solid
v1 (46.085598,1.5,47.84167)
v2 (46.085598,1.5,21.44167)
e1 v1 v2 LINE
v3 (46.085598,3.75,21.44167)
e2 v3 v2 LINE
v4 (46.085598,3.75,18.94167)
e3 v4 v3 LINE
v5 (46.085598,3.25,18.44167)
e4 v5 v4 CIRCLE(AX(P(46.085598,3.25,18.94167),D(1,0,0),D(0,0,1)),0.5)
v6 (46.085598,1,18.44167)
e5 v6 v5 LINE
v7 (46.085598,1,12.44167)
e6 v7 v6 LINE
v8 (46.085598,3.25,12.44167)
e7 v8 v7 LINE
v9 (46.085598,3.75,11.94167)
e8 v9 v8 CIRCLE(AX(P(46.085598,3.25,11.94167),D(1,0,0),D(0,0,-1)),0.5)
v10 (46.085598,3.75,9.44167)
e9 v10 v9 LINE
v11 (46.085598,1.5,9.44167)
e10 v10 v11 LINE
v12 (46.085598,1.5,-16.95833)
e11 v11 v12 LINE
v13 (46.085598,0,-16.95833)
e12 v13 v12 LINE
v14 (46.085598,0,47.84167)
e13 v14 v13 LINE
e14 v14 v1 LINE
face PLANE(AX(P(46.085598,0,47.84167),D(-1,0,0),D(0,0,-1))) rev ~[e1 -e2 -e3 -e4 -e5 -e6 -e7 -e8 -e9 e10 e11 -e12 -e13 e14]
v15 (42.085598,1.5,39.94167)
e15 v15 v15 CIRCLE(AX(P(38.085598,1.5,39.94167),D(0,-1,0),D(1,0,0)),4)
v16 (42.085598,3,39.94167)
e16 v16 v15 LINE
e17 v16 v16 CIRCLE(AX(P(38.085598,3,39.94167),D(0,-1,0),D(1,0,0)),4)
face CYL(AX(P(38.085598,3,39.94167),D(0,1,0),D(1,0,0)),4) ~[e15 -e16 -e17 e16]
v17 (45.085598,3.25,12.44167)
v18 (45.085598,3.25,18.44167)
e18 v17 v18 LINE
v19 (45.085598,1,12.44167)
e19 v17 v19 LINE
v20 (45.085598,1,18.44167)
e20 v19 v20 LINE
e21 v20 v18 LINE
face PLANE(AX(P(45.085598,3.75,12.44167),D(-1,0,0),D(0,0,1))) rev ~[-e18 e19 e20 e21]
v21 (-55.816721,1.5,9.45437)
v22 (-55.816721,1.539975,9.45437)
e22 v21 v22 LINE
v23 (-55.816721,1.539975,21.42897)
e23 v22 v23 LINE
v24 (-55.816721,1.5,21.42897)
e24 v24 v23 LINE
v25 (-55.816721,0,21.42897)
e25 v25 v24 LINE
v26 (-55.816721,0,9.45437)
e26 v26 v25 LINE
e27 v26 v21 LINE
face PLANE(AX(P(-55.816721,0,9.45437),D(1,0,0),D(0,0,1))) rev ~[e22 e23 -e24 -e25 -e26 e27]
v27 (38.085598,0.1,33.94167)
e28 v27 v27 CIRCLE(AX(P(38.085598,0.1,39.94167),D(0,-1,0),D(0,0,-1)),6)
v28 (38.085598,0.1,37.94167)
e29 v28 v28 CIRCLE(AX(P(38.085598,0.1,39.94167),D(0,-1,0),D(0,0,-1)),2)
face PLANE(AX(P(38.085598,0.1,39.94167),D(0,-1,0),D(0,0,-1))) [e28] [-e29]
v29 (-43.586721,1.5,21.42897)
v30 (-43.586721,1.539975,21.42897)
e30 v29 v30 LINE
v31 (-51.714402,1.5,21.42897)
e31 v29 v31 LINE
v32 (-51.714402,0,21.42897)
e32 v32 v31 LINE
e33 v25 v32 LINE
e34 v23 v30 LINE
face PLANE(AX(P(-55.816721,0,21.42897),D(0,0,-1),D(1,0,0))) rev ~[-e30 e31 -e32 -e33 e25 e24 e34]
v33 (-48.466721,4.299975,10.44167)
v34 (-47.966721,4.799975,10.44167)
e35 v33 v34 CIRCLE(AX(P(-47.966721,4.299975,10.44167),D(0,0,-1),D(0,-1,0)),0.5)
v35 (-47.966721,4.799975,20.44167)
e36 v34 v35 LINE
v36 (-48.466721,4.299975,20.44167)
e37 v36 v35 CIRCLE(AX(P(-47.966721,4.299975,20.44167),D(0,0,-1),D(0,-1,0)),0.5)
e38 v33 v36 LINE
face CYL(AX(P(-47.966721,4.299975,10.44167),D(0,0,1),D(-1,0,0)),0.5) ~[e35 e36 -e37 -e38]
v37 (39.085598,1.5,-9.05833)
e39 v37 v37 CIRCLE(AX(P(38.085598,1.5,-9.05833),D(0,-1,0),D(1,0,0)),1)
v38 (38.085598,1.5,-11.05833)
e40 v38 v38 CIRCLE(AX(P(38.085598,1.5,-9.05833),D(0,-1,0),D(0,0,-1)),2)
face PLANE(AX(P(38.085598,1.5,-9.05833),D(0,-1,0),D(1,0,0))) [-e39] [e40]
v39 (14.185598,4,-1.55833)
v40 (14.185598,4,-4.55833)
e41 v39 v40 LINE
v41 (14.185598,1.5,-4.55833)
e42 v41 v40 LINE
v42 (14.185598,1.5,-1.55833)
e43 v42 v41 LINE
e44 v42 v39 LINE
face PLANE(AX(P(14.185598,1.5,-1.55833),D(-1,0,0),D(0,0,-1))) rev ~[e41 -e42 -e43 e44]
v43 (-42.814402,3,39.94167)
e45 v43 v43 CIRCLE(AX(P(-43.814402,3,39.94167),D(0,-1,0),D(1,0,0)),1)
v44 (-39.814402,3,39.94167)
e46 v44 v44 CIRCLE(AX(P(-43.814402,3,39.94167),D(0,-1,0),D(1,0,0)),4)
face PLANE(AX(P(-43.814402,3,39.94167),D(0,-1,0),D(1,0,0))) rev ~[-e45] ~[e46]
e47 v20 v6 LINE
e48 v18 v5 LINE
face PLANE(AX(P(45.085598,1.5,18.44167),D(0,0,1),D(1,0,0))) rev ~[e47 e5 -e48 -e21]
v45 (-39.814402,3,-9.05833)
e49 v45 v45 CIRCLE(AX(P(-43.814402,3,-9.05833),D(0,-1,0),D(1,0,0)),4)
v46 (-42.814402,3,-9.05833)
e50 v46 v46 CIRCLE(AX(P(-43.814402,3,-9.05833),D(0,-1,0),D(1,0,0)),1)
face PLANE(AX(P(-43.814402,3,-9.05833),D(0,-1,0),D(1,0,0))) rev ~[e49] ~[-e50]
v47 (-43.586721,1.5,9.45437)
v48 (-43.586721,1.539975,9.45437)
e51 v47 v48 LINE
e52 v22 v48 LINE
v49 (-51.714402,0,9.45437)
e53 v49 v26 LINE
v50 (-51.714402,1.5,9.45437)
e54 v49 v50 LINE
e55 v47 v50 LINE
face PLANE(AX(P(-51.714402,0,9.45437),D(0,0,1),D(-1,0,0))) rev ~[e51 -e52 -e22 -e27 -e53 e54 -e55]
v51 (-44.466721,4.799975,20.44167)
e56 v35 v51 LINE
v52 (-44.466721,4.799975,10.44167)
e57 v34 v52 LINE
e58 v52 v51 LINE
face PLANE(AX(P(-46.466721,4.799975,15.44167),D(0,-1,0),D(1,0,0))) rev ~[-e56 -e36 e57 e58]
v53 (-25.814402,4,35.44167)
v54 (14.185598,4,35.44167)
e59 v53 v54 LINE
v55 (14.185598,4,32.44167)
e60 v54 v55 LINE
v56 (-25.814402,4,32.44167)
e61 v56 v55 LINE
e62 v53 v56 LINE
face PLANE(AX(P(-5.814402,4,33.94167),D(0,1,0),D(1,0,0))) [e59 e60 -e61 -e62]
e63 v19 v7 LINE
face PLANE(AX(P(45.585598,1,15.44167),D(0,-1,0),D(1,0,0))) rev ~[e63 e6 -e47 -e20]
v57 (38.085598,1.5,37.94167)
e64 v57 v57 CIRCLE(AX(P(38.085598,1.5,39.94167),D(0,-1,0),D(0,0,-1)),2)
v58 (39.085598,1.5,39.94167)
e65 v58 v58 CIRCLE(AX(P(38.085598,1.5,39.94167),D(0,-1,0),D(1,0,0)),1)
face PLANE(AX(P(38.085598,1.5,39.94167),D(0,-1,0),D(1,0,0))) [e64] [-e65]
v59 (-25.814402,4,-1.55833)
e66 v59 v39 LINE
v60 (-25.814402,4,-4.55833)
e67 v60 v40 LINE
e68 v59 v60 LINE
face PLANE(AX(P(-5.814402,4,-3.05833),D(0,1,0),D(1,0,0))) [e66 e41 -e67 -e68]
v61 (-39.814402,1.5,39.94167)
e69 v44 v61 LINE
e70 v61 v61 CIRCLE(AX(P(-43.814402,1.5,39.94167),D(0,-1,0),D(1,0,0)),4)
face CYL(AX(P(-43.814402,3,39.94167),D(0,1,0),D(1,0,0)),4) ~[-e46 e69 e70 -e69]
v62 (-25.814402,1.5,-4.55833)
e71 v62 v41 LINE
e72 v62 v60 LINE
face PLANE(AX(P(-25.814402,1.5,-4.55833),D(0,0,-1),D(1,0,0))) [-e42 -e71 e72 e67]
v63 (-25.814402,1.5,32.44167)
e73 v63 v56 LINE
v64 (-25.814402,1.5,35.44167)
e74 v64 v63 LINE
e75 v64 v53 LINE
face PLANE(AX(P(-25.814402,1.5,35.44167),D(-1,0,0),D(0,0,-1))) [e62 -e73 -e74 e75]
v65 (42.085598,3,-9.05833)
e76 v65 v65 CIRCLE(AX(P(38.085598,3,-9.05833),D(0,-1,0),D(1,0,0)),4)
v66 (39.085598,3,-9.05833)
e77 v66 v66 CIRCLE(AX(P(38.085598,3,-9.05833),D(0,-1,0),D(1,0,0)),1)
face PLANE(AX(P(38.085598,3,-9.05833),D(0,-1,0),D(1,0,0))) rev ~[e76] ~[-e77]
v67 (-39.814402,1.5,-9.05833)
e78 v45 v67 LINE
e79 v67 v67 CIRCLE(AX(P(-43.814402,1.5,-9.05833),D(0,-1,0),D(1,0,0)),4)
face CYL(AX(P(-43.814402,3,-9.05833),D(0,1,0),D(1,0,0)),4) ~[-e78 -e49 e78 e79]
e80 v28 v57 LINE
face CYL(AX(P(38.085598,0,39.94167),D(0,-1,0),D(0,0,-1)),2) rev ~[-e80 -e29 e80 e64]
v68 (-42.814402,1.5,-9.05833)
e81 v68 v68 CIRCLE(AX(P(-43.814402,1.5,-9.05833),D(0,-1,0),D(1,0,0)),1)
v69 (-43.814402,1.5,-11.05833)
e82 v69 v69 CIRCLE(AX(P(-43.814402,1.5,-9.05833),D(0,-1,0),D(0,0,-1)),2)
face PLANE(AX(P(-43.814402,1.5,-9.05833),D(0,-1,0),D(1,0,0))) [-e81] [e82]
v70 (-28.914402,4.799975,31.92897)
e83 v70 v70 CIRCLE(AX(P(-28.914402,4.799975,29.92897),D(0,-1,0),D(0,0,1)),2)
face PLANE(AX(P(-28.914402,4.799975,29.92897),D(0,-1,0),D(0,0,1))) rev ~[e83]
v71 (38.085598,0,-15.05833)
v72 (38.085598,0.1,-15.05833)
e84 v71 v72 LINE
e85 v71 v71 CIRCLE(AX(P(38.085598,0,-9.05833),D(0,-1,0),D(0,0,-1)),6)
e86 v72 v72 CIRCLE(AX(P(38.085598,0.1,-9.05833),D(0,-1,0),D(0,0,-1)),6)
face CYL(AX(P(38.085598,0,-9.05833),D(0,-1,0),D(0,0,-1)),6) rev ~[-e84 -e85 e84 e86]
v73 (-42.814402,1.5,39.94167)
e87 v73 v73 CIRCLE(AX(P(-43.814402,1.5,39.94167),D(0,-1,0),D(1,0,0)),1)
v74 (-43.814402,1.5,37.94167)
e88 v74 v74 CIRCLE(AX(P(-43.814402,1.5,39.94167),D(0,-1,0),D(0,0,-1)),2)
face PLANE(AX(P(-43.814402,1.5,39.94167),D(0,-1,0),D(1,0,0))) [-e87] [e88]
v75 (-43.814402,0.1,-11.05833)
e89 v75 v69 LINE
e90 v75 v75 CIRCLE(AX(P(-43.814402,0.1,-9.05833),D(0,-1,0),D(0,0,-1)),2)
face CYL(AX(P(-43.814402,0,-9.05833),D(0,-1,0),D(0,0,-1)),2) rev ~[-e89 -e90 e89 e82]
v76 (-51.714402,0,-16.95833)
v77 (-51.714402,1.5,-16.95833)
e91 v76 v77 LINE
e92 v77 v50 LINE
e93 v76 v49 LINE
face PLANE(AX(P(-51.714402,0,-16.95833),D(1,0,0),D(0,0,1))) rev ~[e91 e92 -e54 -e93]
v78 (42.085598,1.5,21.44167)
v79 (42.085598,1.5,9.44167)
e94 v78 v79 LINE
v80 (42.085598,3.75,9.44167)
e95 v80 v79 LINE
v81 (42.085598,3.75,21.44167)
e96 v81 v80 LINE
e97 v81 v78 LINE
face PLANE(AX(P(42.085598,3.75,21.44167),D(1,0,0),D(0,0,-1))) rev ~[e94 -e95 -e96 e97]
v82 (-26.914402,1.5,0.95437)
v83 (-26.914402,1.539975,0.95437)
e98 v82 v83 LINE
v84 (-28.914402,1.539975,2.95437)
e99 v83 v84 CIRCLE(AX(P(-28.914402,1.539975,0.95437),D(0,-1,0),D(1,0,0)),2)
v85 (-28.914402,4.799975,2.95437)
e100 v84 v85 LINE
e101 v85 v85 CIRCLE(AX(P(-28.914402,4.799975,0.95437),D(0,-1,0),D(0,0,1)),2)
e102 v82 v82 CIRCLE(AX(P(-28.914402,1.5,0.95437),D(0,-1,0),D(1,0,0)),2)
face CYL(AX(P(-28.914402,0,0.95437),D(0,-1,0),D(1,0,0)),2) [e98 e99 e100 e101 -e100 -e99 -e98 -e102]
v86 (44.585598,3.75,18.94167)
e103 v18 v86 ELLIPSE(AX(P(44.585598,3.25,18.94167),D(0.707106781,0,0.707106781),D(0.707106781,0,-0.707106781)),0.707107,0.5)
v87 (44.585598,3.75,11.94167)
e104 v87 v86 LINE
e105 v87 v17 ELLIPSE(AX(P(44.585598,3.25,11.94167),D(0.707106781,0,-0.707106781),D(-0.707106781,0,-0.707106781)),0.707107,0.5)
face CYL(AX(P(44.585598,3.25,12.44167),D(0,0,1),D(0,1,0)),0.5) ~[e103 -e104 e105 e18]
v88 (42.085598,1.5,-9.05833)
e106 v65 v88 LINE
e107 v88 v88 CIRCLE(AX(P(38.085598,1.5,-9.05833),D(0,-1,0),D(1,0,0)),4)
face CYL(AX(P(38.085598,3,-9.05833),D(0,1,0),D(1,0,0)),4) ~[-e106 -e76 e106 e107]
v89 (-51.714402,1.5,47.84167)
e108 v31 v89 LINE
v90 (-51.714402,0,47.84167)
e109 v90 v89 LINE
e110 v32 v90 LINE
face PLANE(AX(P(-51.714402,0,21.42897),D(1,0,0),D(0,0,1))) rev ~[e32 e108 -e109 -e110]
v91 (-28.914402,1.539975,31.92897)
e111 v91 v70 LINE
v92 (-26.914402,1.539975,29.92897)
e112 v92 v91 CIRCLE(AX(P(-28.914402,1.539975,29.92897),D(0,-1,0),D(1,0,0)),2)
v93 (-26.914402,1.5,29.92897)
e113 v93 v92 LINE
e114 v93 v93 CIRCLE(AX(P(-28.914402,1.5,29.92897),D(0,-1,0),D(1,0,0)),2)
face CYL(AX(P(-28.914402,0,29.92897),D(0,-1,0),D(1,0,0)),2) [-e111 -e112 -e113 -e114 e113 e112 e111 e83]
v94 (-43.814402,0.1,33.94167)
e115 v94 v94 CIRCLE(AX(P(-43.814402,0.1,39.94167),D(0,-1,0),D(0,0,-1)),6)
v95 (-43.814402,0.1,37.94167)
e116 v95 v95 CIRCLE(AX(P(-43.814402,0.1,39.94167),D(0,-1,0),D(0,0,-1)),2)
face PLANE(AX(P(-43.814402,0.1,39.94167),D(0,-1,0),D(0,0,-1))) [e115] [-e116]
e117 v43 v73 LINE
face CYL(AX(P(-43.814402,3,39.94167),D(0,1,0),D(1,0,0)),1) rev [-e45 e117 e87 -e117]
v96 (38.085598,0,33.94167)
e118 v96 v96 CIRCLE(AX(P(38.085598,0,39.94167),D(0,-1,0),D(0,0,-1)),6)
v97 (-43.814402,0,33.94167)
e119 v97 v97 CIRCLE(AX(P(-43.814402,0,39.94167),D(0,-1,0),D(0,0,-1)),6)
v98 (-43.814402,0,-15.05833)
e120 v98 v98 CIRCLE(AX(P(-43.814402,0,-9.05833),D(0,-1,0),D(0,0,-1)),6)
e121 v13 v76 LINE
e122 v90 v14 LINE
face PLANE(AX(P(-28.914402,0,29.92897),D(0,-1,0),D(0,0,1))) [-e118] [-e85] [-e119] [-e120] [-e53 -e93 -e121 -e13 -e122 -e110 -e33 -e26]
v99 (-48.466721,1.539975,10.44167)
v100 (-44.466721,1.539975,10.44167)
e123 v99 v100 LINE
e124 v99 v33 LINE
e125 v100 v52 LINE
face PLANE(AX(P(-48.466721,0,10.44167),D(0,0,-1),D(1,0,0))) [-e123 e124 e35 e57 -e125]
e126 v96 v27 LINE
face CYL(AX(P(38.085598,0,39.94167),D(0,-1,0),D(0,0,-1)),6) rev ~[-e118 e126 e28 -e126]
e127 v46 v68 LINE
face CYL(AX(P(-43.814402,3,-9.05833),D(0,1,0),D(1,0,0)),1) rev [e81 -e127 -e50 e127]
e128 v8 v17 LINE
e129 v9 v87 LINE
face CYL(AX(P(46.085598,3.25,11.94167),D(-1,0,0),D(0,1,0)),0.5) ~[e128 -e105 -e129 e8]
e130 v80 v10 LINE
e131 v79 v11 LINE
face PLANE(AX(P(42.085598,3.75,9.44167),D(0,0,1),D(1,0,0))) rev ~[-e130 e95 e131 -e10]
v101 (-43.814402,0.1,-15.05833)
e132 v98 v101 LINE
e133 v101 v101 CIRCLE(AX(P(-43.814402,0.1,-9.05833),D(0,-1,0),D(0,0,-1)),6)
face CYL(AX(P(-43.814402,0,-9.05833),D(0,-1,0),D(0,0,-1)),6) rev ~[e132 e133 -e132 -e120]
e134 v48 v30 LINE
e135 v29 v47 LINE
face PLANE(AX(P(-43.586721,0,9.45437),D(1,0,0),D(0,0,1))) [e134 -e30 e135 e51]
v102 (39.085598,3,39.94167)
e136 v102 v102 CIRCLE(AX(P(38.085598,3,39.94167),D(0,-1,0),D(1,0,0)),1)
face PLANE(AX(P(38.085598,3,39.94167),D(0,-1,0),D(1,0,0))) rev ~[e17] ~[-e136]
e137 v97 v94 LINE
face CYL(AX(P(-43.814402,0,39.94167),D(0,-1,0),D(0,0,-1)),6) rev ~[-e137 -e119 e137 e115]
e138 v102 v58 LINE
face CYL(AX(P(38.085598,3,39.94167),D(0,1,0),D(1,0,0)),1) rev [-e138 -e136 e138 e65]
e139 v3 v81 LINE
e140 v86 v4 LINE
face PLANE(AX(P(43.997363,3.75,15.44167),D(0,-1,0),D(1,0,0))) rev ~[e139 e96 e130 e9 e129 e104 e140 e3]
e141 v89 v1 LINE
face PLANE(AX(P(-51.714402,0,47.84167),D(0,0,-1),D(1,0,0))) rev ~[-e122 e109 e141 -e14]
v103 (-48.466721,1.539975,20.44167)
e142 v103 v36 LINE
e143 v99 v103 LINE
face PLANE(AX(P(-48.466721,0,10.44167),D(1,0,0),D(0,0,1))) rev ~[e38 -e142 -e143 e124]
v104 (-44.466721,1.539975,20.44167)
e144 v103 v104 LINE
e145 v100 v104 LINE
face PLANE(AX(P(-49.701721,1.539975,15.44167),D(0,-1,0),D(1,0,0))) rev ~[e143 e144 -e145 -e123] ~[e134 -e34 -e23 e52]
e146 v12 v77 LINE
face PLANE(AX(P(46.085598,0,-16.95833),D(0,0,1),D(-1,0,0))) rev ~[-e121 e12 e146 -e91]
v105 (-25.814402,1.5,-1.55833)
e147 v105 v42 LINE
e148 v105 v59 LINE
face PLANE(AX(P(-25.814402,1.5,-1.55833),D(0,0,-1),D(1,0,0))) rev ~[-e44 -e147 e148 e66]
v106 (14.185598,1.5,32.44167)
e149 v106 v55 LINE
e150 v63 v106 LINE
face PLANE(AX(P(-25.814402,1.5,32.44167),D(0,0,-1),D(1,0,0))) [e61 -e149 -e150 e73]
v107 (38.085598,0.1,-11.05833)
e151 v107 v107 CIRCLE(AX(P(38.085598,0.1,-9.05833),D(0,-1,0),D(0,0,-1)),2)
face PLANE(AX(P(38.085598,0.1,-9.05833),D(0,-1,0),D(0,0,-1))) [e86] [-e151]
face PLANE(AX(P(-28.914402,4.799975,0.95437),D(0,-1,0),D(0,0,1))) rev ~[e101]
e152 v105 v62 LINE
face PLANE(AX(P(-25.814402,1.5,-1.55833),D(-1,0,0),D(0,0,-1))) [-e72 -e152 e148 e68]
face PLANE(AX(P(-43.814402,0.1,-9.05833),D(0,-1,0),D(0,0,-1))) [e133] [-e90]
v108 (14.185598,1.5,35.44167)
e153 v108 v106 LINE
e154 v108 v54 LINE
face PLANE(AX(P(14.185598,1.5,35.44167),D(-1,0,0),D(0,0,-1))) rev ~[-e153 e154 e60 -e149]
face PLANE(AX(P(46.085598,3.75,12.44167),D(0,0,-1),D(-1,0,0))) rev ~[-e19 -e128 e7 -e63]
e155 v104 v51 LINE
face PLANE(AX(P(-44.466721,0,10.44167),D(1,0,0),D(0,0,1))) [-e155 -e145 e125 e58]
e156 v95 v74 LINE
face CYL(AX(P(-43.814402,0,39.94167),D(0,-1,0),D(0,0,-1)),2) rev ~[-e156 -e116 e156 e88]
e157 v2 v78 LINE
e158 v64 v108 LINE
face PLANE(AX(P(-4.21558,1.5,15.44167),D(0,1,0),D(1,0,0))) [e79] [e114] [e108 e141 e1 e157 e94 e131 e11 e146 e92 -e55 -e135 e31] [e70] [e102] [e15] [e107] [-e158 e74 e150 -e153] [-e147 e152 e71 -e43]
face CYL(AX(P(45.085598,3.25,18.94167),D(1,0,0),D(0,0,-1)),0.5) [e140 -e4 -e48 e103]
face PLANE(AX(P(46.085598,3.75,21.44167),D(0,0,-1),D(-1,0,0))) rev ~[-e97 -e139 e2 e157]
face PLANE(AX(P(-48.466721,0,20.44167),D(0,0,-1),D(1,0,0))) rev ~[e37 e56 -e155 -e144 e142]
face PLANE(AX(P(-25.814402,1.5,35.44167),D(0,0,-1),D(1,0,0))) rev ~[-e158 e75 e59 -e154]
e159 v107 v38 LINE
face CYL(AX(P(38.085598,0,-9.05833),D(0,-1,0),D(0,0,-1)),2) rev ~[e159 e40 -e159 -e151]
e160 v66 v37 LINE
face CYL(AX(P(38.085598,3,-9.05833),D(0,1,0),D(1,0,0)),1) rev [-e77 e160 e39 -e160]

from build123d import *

# Parameters (mm, degrees)
EXTRUDE_1_DEPTH       = 1.5
SKETCH_2_R            = 6
CUT_EXTRUDE_1_DEPTH   = 0.1
SKETCH_11_R           = 2
SKETCH_11_W           = 12.230000073
SKETCH_11_H           = 11.974599949
EXTRUDE_5_DEPTH       = 1.539974634
SKETCH_13_R           = 2
SKETCH_13_W           = 4
SKETCH_13_H           = 10
TYPEC_2_DEPTH         = 4.7999746
LED_3_START           = -3.75
LED_3_DEPTH           = 2.25
LED_1_R               = 0.5
CUT_EXTRUDE_2_REACH   = 75.671
SKETCH_15_R           = 2
EXTRUDE_START         = -3
SKETCH_16_R           = 4
SKETCH_16_R_2         = 1
EXTRUDE_4_DEPTH       = 1.5
CUT_EXTRUDE_START     = -1.5
SKETCH_17_W           = 1
SKETCH_17_H           = 6
CUT_EXTRUDE_2_2_DEPTH = 0.5
SKETCH_18_W           = 40
SKETCH_18_H           = 3
EXTRUDE_2_DEPTH       = 2.5


with BuildPart() as part:
    # 草图1 → 凸台-拉伸1 (new body)
    with BuildSketch(Plane(origin=(0, 0, 0), x_dir=(1, 0, 0), z_dir=(0, 1, 0))):
        Polygon((-51.714401712, -9.454370264), (-55.816720774, -9.454370264), (-55.816720774, -21.428970213), (-51.714401712, -21.428970213), (-51.714401712, -47.841670238), (46.085598288, -47.841670238), (46.085598288, 16.958329762), (-51.714401712, 16.958329762), align=None)
    extrude(amount=EXTRUDE_1_DEPTH)

    # 草图2 → 切除-拉伸1 (cut)
    with BuildSketch(Plane.XZ):
        with Locations(Location((-43.814401712, -9.058329762, 0), (0, 0, 270))):
            Circle(SKETCH_2_R)
        with Locations(Location((-43.814401712, 39.941670238, 0), (0, 0, 270))):
            Circle(SKETCH_2_R)
        with Locations(Location((38.085598288, -9.058329762, 0), (0, 0, 270))):
            Circle(SKETCH_2_R)
        with Locations(Location((38.085598288, 39.941670238, 0), (0, 0, 270))):
            Circle(SKETCH_2_R)
    extrude(amount=-CUT_EXTRUDE_1_DEPTH, mode=Mode.SUBTRACT)

    # 草图11 → 充电板档板凸台-拉伸5 (add)
    with BuildSketch(Plane.XZ):
        with Locations((-28.914401712, 29.928970213)):
            Circle(SKETCH_11_R)
        with Locations((-28.914401712, 0.954370264)):
            Circle(SKETCH_11_R)
        with Locations((-49.701720738, 15.441670239)):
            Rectangle(SKETCH_11_W, SKETCH_11_H)
    extrude(amount=-EXTRUDE_5_DEPTH)

    # 草图13 → TypeC支撑凸台-拉伸2 (add)
    with BuildSketch(Plane.XZ):
        with Locations(Location((-28.914401712, 29.928970213, 0), (0, 0, 90))):
            Circle(SKETCH_13_R)
        with Locations(Location((-28.914401712, 0.954370264, 0), (0, 0, 90))):
            Circle(SKETCH_13_R)
        with Locations((-46.466720701, 15.441670238)):
            Rectangle(SKETCH_13_W, SKETCH_13_H)
    extrude(amount=-TYPEC_2_DEPTH)

    # 草图14 → LED限位凸台-拉伸3 (add)
    with BuildSketch(Plane.XZ.offset(LED_3_START)):
        Polygon((45.085598288, 12.441670238), (45.085598288, 18.441670238), (46.085598288, 18.441670238), (46.085598288, 21.441670238), (42.085598288, 21.441670238), (42.085598288, 9.441670238), (46.085598288, 9.441670238), (46.085598288, 12.441670238), align=None)
    extrude(amount=LED_3_DEPTH)

    # LED限位圆角1
    led_1_edges = [part.edges().sort_by_distance(p)[0] for p in [
        (45.585598288, 3.75, 18.441670238),
        (45.585598288, 3.75, 12.441670238),
        (45.085598288, 3.75, 15.441670238),
        (-48.466720701, 4.7999746, 15.441670238),
    ]]
    fillet(led_1_edges, radius=LED_1_R)

    # 草图15 → Cut-Extrude 2 (cut, up to next)
    with BuildSketch(Plane.XZ, mode=Mode.PRIVATE) as cut_extrude_2_sk1:
        with Locations(Location((-43.814401712, -9.058329762, 0), (0, 0, 270))):
            Circle(SKETCH_15_R)
    cut_extrude_2_tool1 = extrude(cut_extrude_2_sk1.sketch, amount=-CUT_EXTRUDE_2_REACH, mode=Mode.PRIVATE) & part.part
    # 草图15 → Cut-Extrude 2 (cut, up to next)
    with BuildSketch(Plane.XZ, mode=Mode.PRIVATE) as cut_extrude_2_sk2:
        with Locations(Location((-43.814401712, 39.941670238, 0), (0, 0, 270))):
            Circle(SKETCH_15_R)
    cut_extrude_2_tool2 = extrude(cut_extrude_2_sk2.sketch, amount=-CUT_EXTRUDE_2_REACH, mode=Mode.PRIVATE) & part.part
    # 草图15 → Cut-Extrude 2 (cut, up to next)
    with BuildSketch(Plane.XZ, mode=Mode.PRIVATE) as cut_extrude_2_sk3:
        with Locations(Location((38.085598288, 39.941670238, 0), (0, 0, 270))):
            Circle(SKETCH_15_R)
    cut_extrude_2_tool3 = extrude(cut_extrude_2_sk3.sketch, amount=-CUT_EXTRUDE_2_REACH, mode=Mode.PRIVATE) & part.part
    # 草图15 → Cut-Extrude 2 (cut, up to next)
    with BuildSketch(Plane.XZ, mode=Mode.PRIVATE) as cut_extrude_2_sk4:
        with Locations(Location((38.085598288, -9.058329762, 0), (0, 0, 270))):
            Circle(SKETCH_15_R)
    cut_extrude_2_tool4 = extrude(cut_extrude_2_sk4.sketch, amount=-CUT_EXTRUDE_2_REACH, mode=Mode.PRIVATE) & part.part
    add(cut_extrude_2_tool1.solids().sort_by_distance((-43.814402, 0, -9.05833))[0], mode=Mode.SUBTRACT)
    add(cut_extrude_2_tool2.solids().sort_by_distance((-43.814402, 0, 39.94167))[0], mode=Mode.SUBTRACT)
    add(cut_extrude_2_tool3.solids().sort_by_distance((38.085598, 0, 39.94167))[0], mode=Mode.SUBTRACT)
    add(cut_extrude_2_tool4.solids().sort_by_distance((38.085598, 0, -9.05833))[0], mode=Mode.SUBTRACT)

    # 草图16 → 螺丝孔凸台-拉伸4 (add)
    # profile 1 of 4: a face of its own
    with BuildSketch(Plane.XZ.offset(EXTRUDE_START)):
        with Locations((38.085598288, 39.941670238)):
            Circle(SKETCH_16_R)
        with Locations((38.085598288, 39.941670238)):
            Circle(SKETCH_16_R_2, mode=Mode.SUBTRACT)
    # profile 2 of 4: a face of its own
    with BuildSketch(Plane.XZ.offset(EXTRUDE_START)):
        with Locations((38.085598288, -9.058329762)):
            Circle(SKETCH_16_R)
        with Locations((38.085598288, -9.058329762)):
            Circle(SKETCH_16_R_2, mode=Mode.SUBTRACT)
    # profile 3 of 4: a face of its own
    with BuildSketch(Plane.XZ.offset(EXTRUDE_START)):
        with Locations((-43.814401712, -9.058329762)):
            Circle(SKETCH_16_R)
        with Locations((-43.814401712, -9.058329762)):
            Circle(SKETCH_16_R_2, mode=Mode.SUBTRACT)
    # profile 4 of 4: a face of its own
    with BuildSketch(Plane.XZ.offset(EXTRUDE_START)):
        with Locations((-43.814401712, 39.941670238)):
            Circle(SKETCH_16_R)
        with Locations((-43.814401712, 39.941670238)):
            Circle(SKETCH_16_R_2, mode=Mode.SUBTRACT)
    extrude(amount=EXTRUDE_4_DEPTH)

    # 草图17 → Cut-Extrude 2 2 (cut)
    with BuildSketch(Plane.XZ.offset(CUT_EXTRUDE_START)):
        with Locations((45.585598288, 15.441670238)):
            Rectangle(SKETCH_17_W, SKETCH_17_H)
    extrude(amount=CUT_EXTRUDE_2_2_DEPTH, mode=Mode.SUBTRACT)

    # 草图18 → 凸台-拉伸2 (add)
    with BuildSketch(Plane(origin=(0, 1.5, 0), x_dir=(1, 0, 0), z_dir=(0, 1, 0))):
        with Locations((-5.814401712, 3.058329762)):
            Rectangle(SKETCH_18_W, SKETCH_18_H)
        with Locations((-5.814401712, -33.941670238)):
            Rectangle(SKETCH_18_W, SKETCH_18_H)
    extrude(amount=EXTRUDE_2_DEPTH)


solid = part.part
